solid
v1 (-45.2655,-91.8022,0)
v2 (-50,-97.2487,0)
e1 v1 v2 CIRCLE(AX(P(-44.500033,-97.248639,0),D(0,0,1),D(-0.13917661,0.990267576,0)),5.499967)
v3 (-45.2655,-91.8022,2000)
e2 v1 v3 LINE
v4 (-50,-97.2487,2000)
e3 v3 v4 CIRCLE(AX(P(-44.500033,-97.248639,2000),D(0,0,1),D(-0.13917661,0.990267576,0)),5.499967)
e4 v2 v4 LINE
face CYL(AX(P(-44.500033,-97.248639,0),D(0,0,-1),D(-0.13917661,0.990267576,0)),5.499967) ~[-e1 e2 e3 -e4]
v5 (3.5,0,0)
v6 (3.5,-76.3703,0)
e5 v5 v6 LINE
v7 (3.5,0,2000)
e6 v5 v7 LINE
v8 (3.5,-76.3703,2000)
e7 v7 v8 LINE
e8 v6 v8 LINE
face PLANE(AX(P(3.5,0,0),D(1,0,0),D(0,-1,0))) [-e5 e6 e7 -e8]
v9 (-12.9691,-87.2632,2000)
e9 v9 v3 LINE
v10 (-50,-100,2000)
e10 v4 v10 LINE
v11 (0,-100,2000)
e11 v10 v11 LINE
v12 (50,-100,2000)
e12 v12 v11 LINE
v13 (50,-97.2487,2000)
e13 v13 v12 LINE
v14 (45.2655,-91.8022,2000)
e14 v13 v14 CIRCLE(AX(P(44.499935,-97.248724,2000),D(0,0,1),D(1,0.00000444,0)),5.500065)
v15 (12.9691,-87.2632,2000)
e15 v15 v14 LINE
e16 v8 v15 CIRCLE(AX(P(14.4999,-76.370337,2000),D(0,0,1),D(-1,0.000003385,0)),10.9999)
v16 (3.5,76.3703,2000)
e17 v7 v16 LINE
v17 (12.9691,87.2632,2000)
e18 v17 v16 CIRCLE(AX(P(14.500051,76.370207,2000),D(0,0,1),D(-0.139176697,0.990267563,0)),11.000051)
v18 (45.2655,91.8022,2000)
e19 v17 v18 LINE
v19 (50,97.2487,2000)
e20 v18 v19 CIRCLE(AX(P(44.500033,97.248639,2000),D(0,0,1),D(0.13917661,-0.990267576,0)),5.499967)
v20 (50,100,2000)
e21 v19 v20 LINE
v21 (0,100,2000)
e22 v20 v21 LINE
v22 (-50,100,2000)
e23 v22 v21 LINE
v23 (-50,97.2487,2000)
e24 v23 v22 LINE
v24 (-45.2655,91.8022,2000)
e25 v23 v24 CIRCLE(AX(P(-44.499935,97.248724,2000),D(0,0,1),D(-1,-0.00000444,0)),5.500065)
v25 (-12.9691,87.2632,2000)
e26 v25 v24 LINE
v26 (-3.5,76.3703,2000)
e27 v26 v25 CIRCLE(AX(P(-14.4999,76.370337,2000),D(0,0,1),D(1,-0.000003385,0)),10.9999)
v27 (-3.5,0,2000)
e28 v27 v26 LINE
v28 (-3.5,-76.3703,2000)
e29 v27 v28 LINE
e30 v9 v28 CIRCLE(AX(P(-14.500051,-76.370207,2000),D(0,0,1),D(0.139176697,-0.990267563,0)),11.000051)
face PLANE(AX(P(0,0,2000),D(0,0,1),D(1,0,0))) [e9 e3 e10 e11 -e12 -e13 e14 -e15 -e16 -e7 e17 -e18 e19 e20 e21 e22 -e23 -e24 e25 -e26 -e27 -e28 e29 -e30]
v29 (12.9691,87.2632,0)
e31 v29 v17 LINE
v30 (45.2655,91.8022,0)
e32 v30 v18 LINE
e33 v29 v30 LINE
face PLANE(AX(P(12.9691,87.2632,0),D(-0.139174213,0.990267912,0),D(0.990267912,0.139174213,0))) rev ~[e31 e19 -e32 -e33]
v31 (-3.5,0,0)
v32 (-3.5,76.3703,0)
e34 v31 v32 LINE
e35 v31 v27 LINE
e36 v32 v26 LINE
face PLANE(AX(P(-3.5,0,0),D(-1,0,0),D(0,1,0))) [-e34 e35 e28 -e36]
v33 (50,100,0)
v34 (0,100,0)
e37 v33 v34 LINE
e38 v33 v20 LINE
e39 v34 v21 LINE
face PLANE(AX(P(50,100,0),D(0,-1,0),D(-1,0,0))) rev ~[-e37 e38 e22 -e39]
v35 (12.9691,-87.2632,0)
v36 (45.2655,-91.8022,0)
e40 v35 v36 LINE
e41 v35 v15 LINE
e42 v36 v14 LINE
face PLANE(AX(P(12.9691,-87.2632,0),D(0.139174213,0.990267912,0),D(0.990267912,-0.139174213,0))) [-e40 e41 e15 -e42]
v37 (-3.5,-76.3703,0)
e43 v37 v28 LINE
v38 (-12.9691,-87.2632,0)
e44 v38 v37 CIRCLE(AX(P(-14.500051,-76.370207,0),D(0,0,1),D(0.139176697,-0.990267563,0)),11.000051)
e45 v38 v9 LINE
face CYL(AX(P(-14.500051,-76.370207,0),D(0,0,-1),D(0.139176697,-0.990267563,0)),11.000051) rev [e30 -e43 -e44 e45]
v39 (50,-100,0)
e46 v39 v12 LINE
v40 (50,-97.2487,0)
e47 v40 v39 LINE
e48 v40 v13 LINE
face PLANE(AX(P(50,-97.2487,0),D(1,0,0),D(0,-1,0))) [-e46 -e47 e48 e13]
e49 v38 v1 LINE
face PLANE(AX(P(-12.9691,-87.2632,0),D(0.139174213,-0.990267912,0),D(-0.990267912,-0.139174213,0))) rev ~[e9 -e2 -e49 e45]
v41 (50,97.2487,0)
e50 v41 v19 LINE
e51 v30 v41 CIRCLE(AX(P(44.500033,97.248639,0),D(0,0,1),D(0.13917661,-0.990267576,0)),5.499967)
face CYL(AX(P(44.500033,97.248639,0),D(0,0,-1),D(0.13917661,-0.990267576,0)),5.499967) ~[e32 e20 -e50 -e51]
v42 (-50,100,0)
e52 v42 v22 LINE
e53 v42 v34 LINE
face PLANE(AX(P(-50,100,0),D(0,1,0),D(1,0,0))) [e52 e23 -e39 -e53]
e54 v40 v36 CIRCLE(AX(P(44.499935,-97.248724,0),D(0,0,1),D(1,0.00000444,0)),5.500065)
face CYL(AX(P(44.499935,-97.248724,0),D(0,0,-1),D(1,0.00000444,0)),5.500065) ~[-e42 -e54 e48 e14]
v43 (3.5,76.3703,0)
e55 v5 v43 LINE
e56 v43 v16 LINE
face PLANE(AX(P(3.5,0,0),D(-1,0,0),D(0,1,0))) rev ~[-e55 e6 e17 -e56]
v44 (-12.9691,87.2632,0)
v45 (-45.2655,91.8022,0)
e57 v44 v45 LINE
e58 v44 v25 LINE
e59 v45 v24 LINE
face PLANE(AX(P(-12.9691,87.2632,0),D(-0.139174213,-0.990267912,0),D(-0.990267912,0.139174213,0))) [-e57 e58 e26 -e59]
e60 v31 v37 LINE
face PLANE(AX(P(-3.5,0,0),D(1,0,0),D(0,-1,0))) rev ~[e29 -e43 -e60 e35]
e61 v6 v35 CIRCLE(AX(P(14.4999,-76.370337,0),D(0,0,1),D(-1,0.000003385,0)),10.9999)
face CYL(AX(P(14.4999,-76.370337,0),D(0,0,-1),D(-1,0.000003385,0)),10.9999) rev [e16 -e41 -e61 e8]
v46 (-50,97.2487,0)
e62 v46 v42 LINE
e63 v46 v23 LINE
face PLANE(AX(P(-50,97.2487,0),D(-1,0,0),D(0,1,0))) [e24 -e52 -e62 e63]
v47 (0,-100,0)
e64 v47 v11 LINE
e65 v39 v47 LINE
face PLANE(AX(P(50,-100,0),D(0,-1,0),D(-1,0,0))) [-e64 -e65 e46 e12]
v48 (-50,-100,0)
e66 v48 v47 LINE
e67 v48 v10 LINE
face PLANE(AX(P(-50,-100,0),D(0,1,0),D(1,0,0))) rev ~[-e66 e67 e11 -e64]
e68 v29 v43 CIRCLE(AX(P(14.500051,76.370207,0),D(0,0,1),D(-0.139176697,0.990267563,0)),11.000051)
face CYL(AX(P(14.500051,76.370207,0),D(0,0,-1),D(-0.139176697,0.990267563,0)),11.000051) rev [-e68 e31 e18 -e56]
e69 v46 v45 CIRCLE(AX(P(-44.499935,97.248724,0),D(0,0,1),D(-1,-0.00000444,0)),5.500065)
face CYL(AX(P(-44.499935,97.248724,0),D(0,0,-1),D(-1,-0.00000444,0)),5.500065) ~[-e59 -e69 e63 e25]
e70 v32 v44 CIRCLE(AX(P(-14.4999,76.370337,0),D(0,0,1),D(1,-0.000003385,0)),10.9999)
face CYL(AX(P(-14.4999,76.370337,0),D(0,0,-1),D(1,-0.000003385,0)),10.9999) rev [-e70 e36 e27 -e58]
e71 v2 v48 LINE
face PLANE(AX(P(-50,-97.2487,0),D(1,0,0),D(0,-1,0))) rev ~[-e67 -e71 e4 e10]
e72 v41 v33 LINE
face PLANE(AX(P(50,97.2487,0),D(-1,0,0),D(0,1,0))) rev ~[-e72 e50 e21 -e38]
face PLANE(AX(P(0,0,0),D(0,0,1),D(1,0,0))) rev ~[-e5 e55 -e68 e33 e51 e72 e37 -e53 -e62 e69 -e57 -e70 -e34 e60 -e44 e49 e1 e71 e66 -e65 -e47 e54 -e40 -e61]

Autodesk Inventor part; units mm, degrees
ref_plane "YZ Plane" through (0, 0, 0) normal (1, 0, 0) x (0, 1, 0)
ref_plane "Start Plane" through (0, 0, 0) normal (0, 0, 1) x (1, 0, 0)
ref_plane "End Plane" through (0, 0, 2000) normal (0, 0, 1) x (1, 0, 0)
sketch "Sketch" plane through (0, 0, 0) normal (0, 0, 1) x (1, 0, 0)
  line L0 (-3.5, 0) -> (-3.5, -76.3703)
  line L1 (-12.9691, -87.2632) -> (-45.2655, -91.8022)
  line L2 (-50, -97.2487) -> (-50, -100)
  line L3 (-50, -100) -> (0, -100)
  line L4 (-26.75, -100) -> (-26.75, -89.2) construction
  line L5 (-25.7112, 0) -> (34.2816, 0) construction
  line L6 (0, 40) -> (0, -100) construction
  line L7 (0, -48) -> (0, 64) construction
  line L8 (3.5, 0) -> (3.5, -76.3703)
  line L9 (12.9691, -87.2632) -> (45.2655, -91.8022)
  line L10 (50, -97.2487) -> (50, -100)
  line L11 (50, -100) -> (0, -100)
  line L12 (-3.5, 0) -> (3.5, 0) construction
  line L13 (-3.5, 0) -> (-3.5, 76.3703)
  line L14 (-12.9691, 87.2632) -> (-45.2655, 91.8022)
  line L15 (-50, 97.2487) -> (-50, 100)
  line L16 (-50, 100) -> (0, 100)
  line L17 (3.5, 0) -> (3.5, 76.3703)
  line L18 (12.9691, 87.2632) -> (45.2655, 91.8022)
  line L19 (50, 97.2487) -> (50, 100)
  line L20 (50, 100) -> (0, 100)
  arc A0 (-50, 97.2487) -> (-45.2655, 91.8022) centre (-44.5, 97.2487) ccw
  arc A1 (45.2655, 91.8022) -> (50, 97.2487) centre (44.5, 97.2487) ccw
  arc A2 (50, -97.2487) -> (45.2655, -91.8022) centre (44.5, -97.2487) ccw
  arc A3 (-45.2655, -91.8022) -> (-50, -97.2487) centre (-44.5, -97.2487) ccw
  arc A4 (-3.5, 76.3703) -> (-12.9691, 87.2632) centre (-14.5, 76.3703) ccw
  arc A5 (12.9691, 87.2632) -> (3.5, 76.3703) centre (14.5, 76.3703) ccw
  arc A6 (3.5, -76.3703) -> (12.9691, -87.2632) centre (14.5, -76.3703) ccw
  arc A7 (-12.9691, -87.2632) -> (-3.5, -76.3703) centre (-14.5, -76.3703) ccw
  line L21 (0, 140) -> (0, -140) construction
  line L22 (-71.4254, 0) -> (71.4254, 0) construction
  point P0 (-3.5, -85.9324)
  point P1 (-50, -92.4676)
  point P2 (3.5, -85.9324)
  point P3 (50, -92.4676)
  point P4 (26.75, -100)
  point P5 (26.75, -89.2)
  point P6 (-3.5, 85.9324)
  point P7 (-50, 92.4676)
  point P8 (-26.75, 100)
  point P9 (-26.75, 89.2)
  point P10 (3.5, 85.9324)
  point P11 (50, 92.4676)
  point P12 (26.75, 89.2)
  point P13 (26.75, 100)
  dimension "d1" = 3.2676
  dimension "d2" = 10.8
  dimension "d3" = 23.25
  dimension "d4" = 3.5
  dimension "d5" = 50
  dimension "d10" = 100
  dimension "d14" = 5.5
  dimension "d15" = 11
extrude "Body" add sketch "Sketch" along normal up to surface (2000 mm away) from surface at 0
sketch "Sketch3" plane through (0, 0, 0) normal (0, 0, 1) x (1, 0, 0)
  line L0 (0, 0) -> (10, 0)
ref_plane "Work Plane3" through (0, 0, 0) normal (0, -1, 0) x (1, 0, 0)
sketch "Sketch4" plane through (0, 0, 0) normal (0, -1, 0) x (1, 0, 0)
  line L0 (-2, 0) -> (12, 0) projected
  line L1 (-2, 2000) -> (12, 2000) projected
  dimension "d19" = 2000
equation "\"d2\" = G_T1"
equation "\"d3\" = G_C"
equation "\"d4\" = 0.5 * G_T"
equation "\"d5\" = 0.5 * G_W"
equation "\"d10\" = 0.5 * G_H"
equation "\"d14\" = G_ER"
equation "\"d15\" = G_IR"
equation "\"d6\" = G_L"
equation "\"G_W\" = 100"
equation "\"G_H\" = 200"
equation "\"G_T\" = 7"
equation "\"G_T1\" = 10.8"
equation "\"G_C\" = 23.25"
equation "\"G_NG\" = 0.140541"
equation "\"G_L\" = d19"
equation "\"G_ER\" = 0.5 * G_IR"
equation "\"G_IR\" = 11"
equation "\"G_OFFSET_START\" = 0"
equation "\"G_OFFSET_END\" = 0"
properties part number "ISO 657/15 - SB 200x27 - 2000" material "Steel, Mild"
